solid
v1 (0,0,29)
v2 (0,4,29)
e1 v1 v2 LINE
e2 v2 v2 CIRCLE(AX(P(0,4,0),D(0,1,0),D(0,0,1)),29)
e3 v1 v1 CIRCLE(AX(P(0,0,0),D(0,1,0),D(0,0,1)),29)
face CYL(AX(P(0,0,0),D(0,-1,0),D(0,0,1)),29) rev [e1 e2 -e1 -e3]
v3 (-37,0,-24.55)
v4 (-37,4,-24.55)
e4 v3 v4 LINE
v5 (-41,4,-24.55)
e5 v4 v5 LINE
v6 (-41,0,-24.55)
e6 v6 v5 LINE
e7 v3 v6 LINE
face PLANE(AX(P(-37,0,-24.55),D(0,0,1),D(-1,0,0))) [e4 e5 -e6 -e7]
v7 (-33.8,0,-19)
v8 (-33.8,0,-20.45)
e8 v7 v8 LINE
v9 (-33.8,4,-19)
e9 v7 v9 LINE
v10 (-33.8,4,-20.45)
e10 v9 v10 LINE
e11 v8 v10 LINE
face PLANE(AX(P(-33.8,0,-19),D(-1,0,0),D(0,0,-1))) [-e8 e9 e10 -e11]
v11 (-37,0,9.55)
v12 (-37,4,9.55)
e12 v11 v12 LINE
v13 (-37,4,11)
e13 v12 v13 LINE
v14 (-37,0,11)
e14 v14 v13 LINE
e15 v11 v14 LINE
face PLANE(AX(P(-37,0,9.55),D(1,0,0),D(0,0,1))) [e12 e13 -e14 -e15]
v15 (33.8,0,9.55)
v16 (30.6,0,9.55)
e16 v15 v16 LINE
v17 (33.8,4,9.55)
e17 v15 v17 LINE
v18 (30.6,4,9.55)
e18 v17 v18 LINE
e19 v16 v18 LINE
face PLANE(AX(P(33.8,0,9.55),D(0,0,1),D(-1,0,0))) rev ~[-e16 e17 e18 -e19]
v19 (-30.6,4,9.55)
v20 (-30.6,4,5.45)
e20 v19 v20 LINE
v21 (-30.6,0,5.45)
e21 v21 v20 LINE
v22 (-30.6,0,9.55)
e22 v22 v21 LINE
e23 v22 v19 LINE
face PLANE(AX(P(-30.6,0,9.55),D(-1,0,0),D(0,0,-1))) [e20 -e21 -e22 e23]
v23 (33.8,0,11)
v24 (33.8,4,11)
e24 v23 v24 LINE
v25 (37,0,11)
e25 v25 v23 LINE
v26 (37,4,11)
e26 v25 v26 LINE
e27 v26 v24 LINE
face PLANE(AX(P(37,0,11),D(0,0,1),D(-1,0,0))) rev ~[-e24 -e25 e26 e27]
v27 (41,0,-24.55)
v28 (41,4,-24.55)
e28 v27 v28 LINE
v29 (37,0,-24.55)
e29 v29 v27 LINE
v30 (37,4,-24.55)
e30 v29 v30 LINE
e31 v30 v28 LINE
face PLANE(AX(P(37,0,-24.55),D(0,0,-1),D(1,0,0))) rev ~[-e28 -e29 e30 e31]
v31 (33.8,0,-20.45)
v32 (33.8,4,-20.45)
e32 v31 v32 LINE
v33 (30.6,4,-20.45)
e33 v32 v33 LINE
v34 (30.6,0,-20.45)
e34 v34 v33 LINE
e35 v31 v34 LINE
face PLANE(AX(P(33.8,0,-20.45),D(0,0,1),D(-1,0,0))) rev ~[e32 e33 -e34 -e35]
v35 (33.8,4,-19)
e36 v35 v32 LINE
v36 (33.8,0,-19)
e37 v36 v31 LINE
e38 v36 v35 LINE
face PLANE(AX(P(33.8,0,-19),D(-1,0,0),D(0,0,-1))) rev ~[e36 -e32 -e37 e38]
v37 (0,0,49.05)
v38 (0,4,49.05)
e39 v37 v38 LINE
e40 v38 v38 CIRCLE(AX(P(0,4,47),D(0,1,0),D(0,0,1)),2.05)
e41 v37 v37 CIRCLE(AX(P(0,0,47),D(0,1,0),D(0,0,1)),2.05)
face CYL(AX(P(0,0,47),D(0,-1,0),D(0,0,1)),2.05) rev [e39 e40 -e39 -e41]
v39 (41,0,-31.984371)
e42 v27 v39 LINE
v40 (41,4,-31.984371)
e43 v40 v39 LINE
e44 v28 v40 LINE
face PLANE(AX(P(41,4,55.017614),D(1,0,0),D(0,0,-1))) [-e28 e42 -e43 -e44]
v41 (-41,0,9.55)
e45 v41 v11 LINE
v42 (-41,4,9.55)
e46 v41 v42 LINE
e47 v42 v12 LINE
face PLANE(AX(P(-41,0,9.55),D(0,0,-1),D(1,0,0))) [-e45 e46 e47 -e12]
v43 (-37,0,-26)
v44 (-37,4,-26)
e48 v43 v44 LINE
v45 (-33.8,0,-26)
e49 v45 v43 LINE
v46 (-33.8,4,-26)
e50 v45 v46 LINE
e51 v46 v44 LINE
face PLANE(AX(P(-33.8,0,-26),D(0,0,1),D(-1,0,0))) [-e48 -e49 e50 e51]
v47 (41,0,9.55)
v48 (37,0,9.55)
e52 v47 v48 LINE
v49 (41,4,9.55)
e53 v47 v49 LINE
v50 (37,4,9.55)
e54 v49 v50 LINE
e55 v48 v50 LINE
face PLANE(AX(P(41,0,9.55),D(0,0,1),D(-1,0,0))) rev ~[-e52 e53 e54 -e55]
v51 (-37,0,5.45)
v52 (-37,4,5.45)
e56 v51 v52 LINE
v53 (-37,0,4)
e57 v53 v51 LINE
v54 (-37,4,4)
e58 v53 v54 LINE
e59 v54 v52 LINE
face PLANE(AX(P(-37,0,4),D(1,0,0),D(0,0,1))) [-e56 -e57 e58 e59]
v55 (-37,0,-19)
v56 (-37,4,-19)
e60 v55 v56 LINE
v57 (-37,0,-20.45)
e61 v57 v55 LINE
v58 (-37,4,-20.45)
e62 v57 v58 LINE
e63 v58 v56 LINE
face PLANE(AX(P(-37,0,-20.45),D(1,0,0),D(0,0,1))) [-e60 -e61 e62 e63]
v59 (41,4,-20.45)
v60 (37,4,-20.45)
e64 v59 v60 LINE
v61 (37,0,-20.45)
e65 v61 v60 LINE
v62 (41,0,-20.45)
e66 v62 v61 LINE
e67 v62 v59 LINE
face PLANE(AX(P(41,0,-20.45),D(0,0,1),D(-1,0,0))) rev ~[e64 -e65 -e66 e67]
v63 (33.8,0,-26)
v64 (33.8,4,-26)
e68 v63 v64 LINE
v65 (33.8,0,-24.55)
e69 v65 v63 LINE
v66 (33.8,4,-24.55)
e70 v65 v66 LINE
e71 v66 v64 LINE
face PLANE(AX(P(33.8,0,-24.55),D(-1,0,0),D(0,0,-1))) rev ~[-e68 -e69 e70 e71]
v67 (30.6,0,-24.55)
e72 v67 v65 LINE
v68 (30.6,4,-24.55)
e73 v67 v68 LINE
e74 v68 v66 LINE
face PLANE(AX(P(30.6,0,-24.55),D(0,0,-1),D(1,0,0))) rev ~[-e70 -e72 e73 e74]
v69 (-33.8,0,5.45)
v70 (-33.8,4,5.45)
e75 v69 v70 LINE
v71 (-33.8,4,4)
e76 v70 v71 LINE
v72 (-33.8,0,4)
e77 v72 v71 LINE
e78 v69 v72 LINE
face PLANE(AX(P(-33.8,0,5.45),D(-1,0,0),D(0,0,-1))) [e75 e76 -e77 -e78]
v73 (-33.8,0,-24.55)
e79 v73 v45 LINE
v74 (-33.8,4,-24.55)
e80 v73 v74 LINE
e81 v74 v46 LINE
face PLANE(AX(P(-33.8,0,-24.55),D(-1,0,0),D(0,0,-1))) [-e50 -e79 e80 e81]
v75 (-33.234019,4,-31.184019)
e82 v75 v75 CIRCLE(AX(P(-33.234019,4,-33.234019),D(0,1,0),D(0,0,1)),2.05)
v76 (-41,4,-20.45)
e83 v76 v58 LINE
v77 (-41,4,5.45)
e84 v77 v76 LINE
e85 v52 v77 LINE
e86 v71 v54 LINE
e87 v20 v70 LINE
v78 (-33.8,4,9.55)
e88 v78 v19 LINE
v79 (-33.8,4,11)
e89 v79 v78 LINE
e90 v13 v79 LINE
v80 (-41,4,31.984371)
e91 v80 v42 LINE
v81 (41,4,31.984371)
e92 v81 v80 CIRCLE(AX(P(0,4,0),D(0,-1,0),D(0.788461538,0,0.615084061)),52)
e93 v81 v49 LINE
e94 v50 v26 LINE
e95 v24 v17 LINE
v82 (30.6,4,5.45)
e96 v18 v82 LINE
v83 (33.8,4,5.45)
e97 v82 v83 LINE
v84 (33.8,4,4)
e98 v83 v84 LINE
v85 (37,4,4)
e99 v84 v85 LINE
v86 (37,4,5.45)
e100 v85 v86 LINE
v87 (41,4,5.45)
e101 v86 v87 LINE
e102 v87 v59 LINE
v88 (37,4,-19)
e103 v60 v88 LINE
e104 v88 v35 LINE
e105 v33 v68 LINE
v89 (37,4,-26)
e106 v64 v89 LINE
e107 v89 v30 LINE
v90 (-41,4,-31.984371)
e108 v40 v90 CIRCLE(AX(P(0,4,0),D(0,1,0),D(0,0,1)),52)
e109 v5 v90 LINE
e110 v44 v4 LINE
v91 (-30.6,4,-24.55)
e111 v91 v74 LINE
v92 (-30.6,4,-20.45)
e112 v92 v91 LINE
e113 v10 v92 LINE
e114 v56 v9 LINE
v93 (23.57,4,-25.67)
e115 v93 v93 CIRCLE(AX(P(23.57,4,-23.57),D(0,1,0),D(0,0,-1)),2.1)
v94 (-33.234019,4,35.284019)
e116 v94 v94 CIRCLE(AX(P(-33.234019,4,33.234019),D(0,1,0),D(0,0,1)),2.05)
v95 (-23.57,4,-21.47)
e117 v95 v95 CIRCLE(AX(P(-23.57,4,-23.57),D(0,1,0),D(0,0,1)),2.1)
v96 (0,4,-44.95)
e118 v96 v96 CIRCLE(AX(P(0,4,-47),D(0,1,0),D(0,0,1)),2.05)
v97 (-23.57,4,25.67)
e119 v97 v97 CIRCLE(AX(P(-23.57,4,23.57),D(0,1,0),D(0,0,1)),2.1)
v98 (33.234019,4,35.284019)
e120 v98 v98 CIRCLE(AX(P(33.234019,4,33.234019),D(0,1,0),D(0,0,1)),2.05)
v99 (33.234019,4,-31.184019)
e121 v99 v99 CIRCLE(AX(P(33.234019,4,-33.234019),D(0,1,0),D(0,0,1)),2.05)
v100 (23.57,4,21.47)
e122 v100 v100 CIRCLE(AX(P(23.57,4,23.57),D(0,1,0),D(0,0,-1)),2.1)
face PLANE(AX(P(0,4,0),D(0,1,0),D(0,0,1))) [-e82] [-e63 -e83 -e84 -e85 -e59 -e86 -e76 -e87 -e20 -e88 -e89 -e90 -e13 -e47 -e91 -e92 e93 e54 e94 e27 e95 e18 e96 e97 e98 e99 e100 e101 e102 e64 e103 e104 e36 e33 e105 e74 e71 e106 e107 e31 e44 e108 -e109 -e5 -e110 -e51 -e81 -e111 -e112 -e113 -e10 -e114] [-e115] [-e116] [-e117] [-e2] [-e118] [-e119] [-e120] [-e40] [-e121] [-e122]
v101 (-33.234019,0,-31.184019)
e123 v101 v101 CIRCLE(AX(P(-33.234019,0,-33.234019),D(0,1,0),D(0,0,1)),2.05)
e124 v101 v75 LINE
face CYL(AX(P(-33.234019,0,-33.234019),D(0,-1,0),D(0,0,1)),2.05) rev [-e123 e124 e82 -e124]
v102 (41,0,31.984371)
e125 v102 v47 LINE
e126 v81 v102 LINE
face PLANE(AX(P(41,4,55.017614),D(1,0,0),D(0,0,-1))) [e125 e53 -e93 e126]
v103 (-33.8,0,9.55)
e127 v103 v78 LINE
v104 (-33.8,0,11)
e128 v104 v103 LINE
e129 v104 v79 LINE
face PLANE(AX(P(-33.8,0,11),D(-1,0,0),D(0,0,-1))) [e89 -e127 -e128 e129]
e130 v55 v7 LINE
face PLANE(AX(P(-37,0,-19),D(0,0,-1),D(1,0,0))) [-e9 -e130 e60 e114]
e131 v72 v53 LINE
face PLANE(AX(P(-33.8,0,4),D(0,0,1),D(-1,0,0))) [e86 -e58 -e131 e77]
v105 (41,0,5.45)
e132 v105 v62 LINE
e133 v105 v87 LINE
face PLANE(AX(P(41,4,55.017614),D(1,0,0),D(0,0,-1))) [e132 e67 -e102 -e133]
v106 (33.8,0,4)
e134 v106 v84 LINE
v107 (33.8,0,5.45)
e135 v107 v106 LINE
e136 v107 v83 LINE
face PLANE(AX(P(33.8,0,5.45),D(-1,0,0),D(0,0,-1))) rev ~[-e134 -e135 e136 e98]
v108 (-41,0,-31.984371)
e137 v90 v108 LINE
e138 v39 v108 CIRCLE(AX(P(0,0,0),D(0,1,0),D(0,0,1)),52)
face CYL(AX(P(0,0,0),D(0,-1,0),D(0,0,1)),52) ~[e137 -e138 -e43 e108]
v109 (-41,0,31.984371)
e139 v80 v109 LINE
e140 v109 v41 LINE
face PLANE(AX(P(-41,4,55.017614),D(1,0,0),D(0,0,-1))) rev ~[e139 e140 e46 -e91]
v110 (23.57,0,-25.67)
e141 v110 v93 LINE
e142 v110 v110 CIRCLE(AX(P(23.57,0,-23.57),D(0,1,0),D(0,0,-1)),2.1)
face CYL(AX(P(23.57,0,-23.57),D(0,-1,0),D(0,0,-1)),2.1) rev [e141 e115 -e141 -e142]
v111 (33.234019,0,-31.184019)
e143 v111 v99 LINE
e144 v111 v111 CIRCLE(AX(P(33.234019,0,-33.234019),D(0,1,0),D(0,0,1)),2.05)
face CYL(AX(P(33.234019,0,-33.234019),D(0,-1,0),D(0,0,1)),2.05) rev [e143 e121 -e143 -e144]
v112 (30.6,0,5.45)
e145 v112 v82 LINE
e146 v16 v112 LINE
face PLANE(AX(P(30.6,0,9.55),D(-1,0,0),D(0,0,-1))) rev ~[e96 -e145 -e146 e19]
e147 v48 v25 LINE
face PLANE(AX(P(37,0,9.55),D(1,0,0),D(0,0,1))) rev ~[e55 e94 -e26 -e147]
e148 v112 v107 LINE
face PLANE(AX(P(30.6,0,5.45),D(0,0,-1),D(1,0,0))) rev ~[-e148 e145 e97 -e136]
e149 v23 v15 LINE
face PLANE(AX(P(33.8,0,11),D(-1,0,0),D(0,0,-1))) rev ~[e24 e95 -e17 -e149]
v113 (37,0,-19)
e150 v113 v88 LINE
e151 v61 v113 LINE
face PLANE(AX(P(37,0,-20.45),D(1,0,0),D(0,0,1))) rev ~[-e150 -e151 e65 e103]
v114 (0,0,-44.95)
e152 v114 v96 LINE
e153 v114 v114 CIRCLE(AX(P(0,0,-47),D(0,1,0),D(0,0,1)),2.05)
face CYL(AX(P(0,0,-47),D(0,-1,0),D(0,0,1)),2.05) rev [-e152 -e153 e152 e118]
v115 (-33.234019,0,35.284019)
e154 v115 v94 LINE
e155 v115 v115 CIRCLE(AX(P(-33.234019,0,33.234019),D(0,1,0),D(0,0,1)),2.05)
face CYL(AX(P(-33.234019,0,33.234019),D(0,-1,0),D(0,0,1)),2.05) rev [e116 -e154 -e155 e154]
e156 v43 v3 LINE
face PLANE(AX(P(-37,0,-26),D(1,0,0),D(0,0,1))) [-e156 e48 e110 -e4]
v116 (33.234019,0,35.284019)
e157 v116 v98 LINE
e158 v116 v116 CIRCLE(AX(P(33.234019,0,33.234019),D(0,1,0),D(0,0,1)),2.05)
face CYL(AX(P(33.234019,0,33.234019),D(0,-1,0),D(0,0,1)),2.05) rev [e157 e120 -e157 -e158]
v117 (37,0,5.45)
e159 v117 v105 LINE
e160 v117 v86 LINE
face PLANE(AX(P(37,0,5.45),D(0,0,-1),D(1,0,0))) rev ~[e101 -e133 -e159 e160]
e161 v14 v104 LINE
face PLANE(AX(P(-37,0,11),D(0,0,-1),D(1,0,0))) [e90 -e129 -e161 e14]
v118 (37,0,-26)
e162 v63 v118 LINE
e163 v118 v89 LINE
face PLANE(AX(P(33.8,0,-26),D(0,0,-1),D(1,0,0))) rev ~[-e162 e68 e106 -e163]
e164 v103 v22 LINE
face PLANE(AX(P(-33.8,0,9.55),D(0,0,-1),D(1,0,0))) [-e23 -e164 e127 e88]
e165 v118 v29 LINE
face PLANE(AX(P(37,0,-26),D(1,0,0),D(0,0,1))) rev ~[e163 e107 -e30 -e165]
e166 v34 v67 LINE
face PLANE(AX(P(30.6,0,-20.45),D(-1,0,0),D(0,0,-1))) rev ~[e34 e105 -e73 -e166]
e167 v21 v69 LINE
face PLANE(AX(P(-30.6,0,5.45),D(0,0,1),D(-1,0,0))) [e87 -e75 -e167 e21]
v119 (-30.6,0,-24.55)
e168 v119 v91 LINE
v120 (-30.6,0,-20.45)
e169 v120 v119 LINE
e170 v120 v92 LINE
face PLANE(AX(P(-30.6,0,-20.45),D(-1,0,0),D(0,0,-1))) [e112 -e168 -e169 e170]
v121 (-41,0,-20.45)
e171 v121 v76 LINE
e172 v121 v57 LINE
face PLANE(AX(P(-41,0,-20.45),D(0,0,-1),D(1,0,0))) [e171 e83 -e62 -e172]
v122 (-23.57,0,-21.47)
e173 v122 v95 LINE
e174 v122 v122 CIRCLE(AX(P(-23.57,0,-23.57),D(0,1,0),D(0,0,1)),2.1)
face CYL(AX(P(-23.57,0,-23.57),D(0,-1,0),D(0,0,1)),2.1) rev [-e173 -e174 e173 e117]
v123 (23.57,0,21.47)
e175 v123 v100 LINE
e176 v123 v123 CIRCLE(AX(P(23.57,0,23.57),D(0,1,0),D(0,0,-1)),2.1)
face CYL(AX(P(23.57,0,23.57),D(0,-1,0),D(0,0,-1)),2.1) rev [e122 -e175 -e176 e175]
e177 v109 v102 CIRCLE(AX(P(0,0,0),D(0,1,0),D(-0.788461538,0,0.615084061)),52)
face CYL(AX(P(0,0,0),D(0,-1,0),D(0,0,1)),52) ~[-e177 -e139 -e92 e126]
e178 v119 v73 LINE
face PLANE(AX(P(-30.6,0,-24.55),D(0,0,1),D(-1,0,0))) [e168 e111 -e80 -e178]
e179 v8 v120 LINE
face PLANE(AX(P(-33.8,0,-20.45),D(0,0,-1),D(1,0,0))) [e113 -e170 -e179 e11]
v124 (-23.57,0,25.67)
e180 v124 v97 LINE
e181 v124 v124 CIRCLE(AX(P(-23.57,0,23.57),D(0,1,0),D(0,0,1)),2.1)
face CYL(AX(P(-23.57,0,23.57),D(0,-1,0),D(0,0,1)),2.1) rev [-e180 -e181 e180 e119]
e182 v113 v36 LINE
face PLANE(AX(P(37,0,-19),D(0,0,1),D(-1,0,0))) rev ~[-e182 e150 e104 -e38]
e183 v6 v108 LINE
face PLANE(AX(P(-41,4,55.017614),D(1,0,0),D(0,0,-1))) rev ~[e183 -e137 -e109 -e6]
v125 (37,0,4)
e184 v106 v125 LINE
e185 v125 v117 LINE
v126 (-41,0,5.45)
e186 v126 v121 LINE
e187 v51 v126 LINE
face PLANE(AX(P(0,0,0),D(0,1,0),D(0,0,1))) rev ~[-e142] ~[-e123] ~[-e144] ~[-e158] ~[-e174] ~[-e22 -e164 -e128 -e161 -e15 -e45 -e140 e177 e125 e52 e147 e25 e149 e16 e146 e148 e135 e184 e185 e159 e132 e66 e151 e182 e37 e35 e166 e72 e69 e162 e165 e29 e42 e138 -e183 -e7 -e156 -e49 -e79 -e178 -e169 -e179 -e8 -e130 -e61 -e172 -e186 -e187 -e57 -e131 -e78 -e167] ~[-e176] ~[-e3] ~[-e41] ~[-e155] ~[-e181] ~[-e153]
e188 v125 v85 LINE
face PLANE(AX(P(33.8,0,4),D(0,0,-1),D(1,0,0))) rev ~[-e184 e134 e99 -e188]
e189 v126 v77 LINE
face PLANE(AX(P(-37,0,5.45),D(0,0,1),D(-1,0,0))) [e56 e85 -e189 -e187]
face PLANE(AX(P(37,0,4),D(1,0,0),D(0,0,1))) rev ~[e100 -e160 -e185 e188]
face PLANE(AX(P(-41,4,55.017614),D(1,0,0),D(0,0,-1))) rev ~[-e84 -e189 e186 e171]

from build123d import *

# Parameters (mm, degrees)
SKETCH_1_R          = 52
SKETCH_1_R_2        = 29
SKETCH_1_R_3        = 2.05
SKETCH_1_R_4        = 2.1
EXTRUDE_1_DEPTH     = 4
SKETCH_2_W          = 182
SKETCH_2_H          = 210.035227354
SKETCH_2_W_2        = 82
SKETCH_2_H_2        = 110.035227354
CUT_EXTRUDE_1_DEPTH = 4


with BuildPart() as part:
    # 草图1 → 凸台-拉伸1 (new body)
    with BuildSketch(Plane(origin=(0, 0, 0), x_dir=(1, 0, 0), z_dir=(0, 1, 0))):
        with Locations(Location((0, 0, 0), (0, 0, 270))):
            Circle(SKETCH_1_R)
        with Locations(Location((0, 0, 0), (0, 0, 270))):
            Circle(SKETCH_1_R_2, mode=Mode.SUBTRACT)
        with Locations(Location((47, 0, 0), (0, 0, 270))):
            Circle(SKETCH_1_R_3, mode=Mode.SUBTRACT)
        with Locations(Location((33.234018716, -33.234018716, 0), (0, 0, 270))):
            Circle(SKETCH_1_R_3, mode=Mode.SUBTRACT)
        with Locations(Location((0, -47, 0), (0, 0, 270))):
            Circle(SKETCH_1_R_3, mode=Mode.SUBTRACT)
        with Locations(Location((-33.234018716, -33.234018716, 0), (0, 0, 270))):
            Circle(SKETCH_1_R_3, mode=Mode.SUBTRACT)
        with Locations(Location((-47, 0, 0), (0, 0, 270))):
            Circle(SKETCH_1_R_3, mode=Mode.SUBTRACT)
        with Locations(Location((-33.234018716, 33.234018716, 0), (0, 0, 270))):
            Circle(SKETCH_1_R_3, mode=Mode.SUBTRACT)
        with Locations(Location((0, 47, 0), (0, 0, 270))):
            Circle(SKETCH_1_R_3, mode=Mode.SUBTRACT)
        with Locations(Location((33.234018716, 33.234018716, 0), (0, 0, 270))):
            Circle(SKETCH_1_R_3, mode=Mode.SUBTRACT)
        with Locations(Location((-23.57, 23.57, 0), (0, 0, 270))):
            Circle(SKETCH_1_R_4, mode=Mode.SUBTRACT)
        with Locations(Location((-23.57, -23.57, 0), (0, 0, 270))):
            Circle(SKETCH_1_R_4, mode=Mode.SUBTRACT)
        with Locations(Location((23.57, -23.57, 0), (0, 0, 90))):
            Circle(SKETCH_1_R_4, mode=Mode.SUBTRACT)
        with Locations(Location((23.57, 23.57, 0), (0, 0, 90))):
            Circle(SKETCH_1_R_4, mode=Mode.SUBTRACT)
        Polygon((37, -9.55), (37, -11), (33.8, -11), (33.8, -9.55), (30.6, -9.55), (30.6, -5.45), (33.8, -5.45), (33.8, -4), (37, -4), (37, -5.45), (41, -5.45), (41, -9.55), align=None, mode=Mode.SUBTRACT)
        Polygon((37, 20.45), (37, 19), (33.8, 19), (33.8, 20.45), (30.6, 20.45), (30.6, 24.55), (33.8, 24.55), (33.8, 26), (37, 26), (37, 24.55), (41, 24.55), (41, 20.45), align=None, mode=Mode.SUBTRACT)
        Polygon((-33.8, 26), (-37, 26), (-37, 24.55), (-41, 24.55), (-41, 20.45), (-37, 20.45), (-37, 19), (-33.8, 19), (-33.8, 20.45), (-30.6, 20.45), (-30.6, 24.55), (-33.8, 24.55), align=None, mode=Mode.SUBTRACT)
        Polygon((-33.8, -4), (-37, -4), (-37, -5.45), (-41, -5.45), (-41, -9.55), (-37, -9.55), (-37, -11), (-33.8, -11), (-33.8, -9.55), (-30.6, -9.55), (-30.6, -5.45), (-33.8, -5.45), align=None, mode=Mode.SUBTRACT)
    extrude(amount=EXTRUDE_1_DEPTH)

    # 草图2 → 切除-拉伸-薄壁1 (cut)
    with BuildSketch(Plane(origin=(0, 4, 0), x_dir=(1, 0, 0), z_dir=(0, 1, 0))):
        Rectangle(SKETCH_2_W, SKETCH_2_H)
        Rectangle(SKETCH_2_W_2, SKETCH_2_H_2, mode=Mode.SUBTRACT)
    extrude(amount=-CUT_EXTRUDE_1_DEPTH, mode=Mode.SUBTRACT)


solid = part.part
